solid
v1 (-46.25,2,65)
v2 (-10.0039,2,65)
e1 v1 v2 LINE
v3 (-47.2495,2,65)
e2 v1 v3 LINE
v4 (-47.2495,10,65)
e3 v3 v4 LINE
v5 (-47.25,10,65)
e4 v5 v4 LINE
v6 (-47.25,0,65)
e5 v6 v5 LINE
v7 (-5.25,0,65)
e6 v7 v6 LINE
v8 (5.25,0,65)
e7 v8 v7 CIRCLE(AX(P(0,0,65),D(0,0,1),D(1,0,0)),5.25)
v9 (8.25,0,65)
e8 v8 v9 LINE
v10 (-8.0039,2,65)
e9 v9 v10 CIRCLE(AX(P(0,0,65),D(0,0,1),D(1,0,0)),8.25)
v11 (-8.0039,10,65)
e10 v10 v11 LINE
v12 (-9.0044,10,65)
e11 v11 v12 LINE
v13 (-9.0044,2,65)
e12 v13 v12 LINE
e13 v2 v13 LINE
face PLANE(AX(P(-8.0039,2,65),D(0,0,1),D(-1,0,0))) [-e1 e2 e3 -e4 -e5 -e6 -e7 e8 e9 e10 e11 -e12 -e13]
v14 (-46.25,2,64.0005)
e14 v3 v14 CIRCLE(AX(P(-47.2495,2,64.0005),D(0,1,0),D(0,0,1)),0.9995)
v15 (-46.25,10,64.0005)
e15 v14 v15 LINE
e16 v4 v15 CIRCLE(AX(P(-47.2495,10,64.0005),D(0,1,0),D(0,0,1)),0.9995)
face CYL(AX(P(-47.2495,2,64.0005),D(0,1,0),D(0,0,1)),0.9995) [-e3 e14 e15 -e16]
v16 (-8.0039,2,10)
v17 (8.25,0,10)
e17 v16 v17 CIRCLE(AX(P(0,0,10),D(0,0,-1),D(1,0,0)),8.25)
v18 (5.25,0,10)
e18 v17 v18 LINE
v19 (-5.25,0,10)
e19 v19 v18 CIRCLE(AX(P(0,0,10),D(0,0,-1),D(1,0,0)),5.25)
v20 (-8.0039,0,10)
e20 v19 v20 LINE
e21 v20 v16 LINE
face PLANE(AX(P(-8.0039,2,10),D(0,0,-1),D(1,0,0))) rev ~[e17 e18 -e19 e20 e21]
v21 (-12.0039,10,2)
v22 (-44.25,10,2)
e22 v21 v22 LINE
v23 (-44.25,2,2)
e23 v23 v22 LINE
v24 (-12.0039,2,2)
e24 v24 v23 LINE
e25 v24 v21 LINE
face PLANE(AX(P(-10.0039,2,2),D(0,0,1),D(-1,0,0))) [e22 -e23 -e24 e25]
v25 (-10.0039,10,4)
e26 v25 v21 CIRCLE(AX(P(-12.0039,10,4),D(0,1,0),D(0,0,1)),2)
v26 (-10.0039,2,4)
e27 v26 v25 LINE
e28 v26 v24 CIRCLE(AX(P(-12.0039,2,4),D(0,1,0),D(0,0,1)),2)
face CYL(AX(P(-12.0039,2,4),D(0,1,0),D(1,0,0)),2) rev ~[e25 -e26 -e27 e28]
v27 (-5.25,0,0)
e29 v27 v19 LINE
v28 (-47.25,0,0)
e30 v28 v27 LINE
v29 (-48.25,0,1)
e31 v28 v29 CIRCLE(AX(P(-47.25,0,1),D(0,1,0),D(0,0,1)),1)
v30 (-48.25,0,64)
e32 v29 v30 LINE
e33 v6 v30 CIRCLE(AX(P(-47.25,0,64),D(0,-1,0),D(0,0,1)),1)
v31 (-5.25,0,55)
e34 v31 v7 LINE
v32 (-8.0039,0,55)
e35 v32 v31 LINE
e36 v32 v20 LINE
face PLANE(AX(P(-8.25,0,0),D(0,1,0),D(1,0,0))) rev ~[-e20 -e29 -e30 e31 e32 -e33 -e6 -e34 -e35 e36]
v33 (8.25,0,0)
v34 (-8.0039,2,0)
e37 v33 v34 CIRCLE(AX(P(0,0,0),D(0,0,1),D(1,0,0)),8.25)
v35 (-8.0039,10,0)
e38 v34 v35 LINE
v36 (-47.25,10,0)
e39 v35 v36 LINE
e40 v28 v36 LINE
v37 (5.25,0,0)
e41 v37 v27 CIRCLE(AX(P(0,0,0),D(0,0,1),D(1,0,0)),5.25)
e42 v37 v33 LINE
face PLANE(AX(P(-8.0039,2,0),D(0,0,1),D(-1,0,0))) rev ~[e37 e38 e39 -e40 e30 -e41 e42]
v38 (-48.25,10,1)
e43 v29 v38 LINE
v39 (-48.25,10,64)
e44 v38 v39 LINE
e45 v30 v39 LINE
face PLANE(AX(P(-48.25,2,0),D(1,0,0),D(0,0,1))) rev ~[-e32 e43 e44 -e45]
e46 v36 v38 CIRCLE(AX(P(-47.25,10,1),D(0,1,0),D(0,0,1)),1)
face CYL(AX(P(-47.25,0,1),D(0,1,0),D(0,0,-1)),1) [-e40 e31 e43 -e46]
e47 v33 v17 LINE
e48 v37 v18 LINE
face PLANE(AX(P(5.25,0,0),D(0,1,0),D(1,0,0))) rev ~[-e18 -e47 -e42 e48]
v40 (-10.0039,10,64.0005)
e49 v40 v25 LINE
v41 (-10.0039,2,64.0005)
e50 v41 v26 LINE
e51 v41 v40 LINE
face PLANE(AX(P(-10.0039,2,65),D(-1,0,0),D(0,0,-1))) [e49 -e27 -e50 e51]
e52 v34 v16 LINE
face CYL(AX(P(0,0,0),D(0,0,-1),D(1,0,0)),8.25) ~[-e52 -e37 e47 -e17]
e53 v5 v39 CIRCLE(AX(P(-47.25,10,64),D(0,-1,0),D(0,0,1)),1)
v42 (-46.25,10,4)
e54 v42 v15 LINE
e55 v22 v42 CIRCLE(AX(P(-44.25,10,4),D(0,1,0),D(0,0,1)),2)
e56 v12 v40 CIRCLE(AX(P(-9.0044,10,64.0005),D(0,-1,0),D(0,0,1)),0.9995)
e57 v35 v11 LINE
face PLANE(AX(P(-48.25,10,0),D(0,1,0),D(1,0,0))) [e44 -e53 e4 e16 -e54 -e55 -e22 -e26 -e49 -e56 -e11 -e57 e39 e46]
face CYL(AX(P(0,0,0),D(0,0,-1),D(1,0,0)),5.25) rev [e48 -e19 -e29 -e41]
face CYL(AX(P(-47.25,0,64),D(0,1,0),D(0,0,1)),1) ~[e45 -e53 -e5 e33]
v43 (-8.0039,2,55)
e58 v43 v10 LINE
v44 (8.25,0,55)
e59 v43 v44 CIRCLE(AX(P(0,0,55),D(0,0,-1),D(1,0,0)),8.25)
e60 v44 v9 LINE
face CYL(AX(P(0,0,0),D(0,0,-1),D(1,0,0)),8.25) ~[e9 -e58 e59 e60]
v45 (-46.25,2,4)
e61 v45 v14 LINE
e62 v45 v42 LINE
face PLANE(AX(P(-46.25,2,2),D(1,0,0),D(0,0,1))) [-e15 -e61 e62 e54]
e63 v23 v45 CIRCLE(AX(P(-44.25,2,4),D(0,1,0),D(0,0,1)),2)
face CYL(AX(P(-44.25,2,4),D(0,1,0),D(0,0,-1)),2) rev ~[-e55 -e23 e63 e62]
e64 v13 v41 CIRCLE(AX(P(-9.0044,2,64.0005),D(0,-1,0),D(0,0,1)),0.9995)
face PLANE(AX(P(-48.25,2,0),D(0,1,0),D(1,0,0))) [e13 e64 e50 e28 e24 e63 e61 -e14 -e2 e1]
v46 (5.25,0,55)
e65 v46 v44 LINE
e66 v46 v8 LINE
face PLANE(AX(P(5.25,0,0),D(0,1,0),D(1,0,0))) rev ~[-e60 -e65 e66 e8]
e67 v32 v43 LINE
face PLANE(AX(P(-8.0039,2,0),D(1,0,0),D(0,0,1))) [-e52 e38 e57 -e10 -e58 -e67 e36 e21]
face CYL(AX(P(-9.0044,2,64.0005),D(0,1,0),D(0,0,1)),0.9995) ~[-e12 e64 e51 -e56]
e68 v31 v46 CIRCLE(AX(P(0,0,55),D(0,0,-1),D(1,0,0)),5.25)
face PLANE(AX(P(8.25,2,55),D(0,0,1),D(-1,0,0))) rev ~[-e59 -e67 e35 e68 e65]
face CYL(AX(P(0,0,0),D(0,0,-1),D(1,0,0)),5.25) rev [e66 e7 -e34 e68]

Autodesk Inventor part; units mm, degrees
ref_plane "YZ Plane" through (0, 0, 0) normal (1, 0, 0) x (0, 1, 0)
ref_plane "XZ Plane" through (0, 0, 0) normal (0, 1, 0) x (-1, 0, 0)
ref_plane "XY Plane" through (0, 0, 0) normal (0, 0, 1) x (1, 0, 0)
sketch "Náčrt1" plane through (0, 0, 0) normal (0, 0, 1) x (1, 0, 0)
  circle A0 centre (0, 0) radius 5.25
  circle A1 centre (0, 0) radius 8.25
  line L0 (5.25, 0) -> (8.25, 0)
  line L1 (-8.25, 0) -> (-48.25, 0)
  line L2 (-8.25, 0) -> (-5.25, 0)
  line L3 (-48.25, 0) -> (-48.25, 2)
  line L4 (-48.25, 2) -> (-8.0039, 2)
  dimension "d0" = 10.5
  dimension "d1" = 3
  dimension "d2" = 40
  dimension "d3" = 2
extrude "Vysunutí1" add sketch "Náčrt1" along normal blind 65 contours A0 L2 A1 L0 | L1 L3 L4 A1 picked at (7.1703, 0.6574)
sketch "Náčrt2" plane through (-48.25, 2, 0) normal (0, 1, 0) x (1, 0, 0)
  line L0 (40.2461, 0) -> (40.2461, -65) projected
  line L1 (56.5, 0) -> (56.5, -65) projected
  line L2 (40.2461, -10) -> (56.5, -10)
  line L3 (56.5, -10) -> (56.5, -55)
  line L4 (56.5, -55) -> (40.2461, -55)
  line L5 (40.2461, -55) -> (40.2461, -10)
  line L6 (40.2461, 0) -> (56.5, 0) projected
  line L7 (40.2461, -65) -> (56.5, -65) projected
  point P0 (48.25, 0)
  dimension "d6" = 10
  dimension "d7" = 10
extrude "Vysunutí2" cut sketch "Náčrt2" along normal mid plane 65 contours L2 L1 L4 L0
sketch "Náčrt3" plane through (-48.25, 2, 0) normal (0, 1, 0) x (1, 0, 0)
  line L0 (0, 0) -> (0, -65) projected
  line L1 (40.2461, 0) -> (0, 0) projected
  line L2 (0, 0) -> (40.2461, 0)
  line L3 (40.2461, -65) -> (56.5, -65) projected
  line L4 (40.2461, 0) -> (40.2461, -65)
  line L5 (40.2461, -65) -> (38.2461, -65)
  line L6 (38.2461, -65) -> (38.2461, -2)
  line L7 (38.2461, -2) -> (2, -2)
  line L8 (2, -2) -> (2, -65)
  line L9 (0, -65) -> (2, -65)
  line L10 (0, -65) -> (0, 0)
  point P0 (48.25, 0)
  dimension "d10" = 2
  dimension "d11" = 2
  dimension "d12" = 2
  dimension "d13" = 2
  dimension "d14" = 2
extrude "Vysunutí3" add sketch "Náčrt3" along normal blind 8
fillet "Zaoblení1" radius 2 2 edges at (-10.0039, 6, 2) (-46.25, 6, 2)
fillet "Zaoblení2" radius 1 2 edges at (-48.25, 5, 65) (-48.25, 5, 0)
fillet "Zaoblení3" radius 1 2 edges at (-46.25, 6, 65) (-10.0039, 6, 65)
properties part number "DripCatcher"
